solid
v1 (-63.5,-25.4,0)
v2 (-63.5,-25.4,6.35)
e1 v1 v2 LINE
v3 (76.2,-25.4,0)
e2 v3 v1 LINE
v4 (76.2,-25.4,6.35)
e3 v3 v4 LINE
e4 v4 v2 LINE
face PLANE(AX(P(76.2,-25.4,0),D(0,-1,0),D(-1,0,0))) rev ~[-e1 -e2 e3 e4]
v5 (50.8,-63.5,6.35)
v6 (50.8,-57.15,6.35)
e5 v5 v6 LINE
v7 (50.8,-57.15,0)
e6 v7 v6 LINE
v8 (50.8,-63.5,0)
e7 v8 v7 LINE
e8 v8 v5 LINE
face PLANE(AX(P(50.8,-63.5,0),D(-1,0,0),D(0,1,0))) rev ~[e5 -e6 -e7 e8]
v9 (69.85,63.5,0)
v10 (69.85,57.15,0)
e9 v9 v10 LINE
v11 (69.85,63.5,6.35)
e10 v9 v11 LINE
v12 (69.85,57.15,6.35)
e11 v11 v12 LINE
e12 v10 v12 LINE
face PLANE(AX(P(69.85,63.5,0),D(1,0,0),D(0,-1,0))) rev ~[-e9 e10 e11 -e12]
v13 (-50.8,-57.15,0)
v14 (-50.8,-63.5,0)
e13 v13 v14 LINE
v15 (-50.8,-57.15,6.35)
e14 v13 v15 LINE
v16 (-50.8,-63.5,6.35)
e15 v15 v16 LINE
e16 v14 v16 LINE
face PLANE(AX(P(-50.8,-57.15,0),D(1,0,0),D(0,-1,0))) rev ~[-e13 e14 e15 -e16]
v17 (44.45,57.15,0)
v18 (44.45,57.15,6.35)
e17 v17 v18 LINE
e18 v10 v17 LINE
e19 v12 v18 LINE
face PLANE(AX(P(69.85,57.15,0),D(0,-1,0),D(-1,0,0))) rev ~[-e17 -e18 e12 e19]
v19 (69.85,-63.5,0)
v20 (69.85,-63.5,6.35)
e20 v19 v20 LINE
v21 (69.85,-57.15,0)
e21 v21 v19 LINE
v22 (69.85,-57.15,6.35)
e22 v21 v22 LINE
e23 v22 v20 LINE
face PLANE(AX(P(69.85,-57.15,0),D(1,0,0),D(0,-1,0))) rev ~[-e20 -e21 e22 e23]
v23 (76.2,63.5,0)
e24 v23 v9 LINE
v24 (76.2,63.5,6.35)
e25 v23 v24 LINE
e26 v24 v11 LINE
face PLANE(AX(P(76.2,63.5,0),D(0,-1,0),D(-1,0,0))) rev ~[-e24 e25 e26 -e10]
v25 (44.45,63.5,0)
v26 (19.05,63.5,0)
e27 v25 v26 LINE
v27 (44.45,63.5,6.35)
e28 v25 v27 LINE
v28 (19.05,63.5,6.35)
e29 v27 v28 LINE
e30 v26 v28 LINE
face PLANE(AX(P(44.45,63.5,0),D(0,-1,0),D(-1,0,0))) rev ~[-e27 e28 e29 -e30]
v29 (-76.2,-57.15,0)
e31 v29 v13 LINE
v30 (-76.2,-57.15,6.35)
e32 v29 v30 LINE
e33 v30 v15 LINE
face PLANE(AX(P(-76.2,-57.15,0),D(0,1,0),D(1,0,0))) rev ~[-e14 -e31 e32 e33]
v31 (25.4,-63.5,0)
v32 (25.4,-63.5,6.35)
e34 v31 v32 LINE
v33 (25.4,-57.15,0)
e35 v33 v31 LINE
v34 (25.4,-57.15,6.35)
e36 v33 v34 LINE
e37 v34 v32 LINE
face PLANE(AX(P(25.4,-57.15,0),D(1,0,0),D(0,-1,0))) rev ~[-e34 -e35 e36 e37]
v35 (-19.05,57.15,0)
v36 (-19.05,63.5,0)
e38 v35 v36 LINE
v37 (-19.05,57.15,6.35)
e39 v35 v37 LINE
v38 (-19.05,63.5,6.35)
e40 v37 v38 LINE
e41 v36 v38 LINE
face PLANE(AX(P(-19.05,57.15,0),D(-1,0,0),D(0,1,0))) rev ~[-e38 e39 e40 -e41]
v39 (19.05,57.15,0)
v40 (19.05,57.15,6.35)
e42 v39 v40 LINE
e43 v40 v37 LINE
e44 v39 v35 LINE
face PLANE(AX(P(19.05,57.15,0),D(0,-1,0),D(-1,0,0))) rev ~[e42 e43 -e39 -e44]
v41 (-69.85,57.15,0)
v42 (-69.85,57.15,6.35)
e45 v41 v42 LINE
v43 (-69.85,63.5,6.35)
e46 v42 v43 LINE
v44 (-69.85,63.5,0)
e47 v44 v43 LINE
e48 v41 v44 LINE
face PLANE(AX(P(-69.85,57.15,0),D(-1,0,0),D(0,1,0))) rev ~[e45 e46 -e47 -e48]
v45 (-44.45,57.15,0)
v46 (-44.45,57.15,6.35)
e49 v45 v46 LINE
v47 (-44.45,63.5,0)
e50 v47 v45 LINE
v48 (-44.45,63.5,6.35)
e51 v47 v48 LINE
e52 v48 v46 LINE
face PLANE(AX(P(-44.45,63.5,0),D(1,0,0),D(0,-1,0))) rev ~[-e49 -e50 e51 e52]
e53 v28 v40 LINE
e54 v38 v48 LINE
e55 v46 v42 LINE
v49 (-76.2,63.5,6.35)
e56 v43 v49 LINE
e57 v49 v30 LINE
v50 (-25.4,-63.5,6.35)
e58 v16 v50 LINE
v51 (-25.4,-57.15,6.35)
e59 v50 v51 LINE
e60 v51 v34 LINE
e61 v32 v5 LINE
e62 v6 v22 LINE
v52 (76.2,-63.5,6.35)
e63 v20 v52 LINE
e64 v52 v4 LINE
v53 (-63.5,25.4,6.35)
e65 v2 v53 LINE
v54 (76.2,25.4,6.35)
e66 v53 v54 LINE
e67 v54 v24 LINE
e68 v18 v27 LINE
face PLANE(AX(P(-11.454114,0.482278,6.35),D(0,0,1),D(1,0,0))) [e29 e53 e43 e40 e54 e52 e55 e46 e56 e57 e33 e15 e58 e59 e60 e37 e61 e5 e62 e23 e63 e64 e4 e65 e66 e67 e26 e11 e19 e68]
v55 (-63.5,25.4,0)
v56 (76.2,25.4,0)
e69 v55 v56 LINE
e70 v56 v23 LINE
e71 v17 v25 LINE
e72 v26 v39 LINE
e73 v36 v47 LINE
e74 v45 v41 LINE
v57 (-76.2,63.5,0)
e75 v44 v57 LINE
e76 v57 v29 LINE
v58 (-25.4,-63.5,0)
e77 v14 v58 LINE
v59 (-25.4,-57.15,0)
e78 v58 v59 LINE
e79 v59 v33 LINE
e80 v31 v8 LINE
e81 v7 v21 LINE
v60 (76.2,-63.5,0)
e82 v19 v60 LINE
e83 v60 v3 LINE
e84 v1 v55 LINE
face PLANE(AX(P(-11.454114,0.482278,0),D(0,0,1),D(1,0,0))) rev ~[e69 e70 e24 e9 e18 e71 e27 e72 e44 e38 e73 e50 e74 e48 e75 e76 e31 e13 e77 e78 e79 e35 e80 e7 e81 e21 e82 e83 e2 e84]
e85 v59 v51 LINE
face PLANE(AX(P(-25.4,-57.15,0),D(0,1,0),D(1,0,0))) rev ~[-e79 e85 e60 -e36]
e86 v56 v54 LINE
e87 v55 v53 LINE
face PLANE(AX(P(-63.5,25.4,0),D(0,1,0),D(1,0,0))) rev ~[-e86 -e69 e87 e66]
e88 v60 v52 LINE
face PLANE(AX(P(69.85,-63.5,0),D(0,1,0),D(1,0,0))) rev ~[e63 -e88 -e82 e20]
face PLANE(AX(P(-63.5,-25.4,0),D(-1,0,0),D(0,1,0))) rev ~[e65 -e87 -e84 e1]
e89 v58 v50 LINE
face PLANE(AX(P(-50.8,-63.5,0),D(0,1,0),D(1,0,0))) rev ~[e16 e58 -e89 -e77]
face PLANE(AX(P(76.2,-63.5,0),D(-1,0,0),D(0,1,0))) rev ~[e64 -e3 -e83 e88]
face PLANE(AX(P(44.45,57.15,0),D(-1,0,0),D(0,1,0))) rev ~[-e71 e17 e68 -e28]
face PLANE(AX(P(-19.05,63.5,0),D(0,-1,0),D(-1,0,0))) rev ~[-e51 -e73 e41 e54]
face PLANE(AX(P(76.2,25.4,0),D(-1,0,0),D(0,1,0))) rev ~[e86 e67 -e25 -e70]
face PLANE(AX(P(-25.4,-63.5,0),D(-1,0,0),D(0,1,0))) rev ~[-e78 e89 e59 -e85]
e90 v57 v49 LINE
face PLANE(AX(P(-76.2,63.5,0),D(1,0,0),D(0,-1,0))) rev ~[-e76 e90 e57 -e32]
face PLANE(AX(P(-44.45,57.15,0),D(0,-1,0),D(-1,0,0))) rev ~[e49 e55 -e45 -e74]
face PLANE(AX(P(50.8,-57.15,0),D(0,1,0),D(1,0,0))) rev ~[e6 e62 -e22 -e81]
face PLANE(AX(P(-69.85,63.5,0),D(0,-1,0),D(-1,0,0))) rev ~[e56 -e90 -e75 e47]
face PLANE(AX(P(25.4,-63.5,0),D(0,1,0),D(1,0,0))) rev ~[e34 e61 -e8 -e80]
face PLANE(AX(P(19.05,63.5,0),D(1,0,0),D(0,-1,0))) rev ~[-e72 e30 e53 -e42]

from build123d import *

# Parameters (mm, degrees)
F0_W     = 6.35
F0_H     = 6.35
F1_DEPTH = 6.35


with BuildPart() as f1:
    # F0 (on Top) → F1 (new body)
    with BuildSketch(Plane.XY):
        Polygon((76.2, 50.8), (76.2, 63.5), (69.85, 63.5), (69.85, 57.15), (63.5, 57.15), (57.15, 57.15), (50.8, 57.15), (44.45, 57.15), (44.45, 63.5), (38.1, 63.5), (31.75, 63.5), (25.4, 63.5), (19.05, 63.5), (19.05, 57.15), (-19.05, 57.15), (-19.05, 63.5), (-25.4, 63.5), (-31.75, 63.5), (-38.1, 63.5), (-44.45, 63.5), (-44.45, 57.15), (-69.85, 57.15), (-69.85, 63.5), (-76.2, 63.5), (-76.2, 50.8), (-76.2, 44.45), (-69.85, 44.45), (-69.85, 38.1), (-76.2, 38.1), (-76.2, 31.75), (-69.85, 31.75), (-69.85, 25.4), (-76.2, 25.4), (-76.2, 19.05), (-69.85, 19.05), (-69.85, 12.7), (-76.2, 12.7), (-76.2, 6.35), (-69.85, 6.35), (-69.85, 0), (-76.2, 0), (-76.2, -6.35), (-69.85, -6.35), (-69.85, -12.7), (-76.2, -12.7), (-76.2, -19.05), (-69.85, -19.05), (-69.85, -25.4), (-76.2, -25.4), (-76.2, -31.75), (-69.85, -31.75), (-69.85, -38.1), (-76.2, -38.1), (-76.2, -44.45), (-69.85, -44.45), (-69.85, -50.8), (-76.2, -50.8), (-76.2, -57.15), (-69.85, -57.15), (-50.8, -57.15), (-50.8, -63.5), (-44.45, -63.5), (-38.1, -63.5), (-31.75, -63.5), (-25.4, -63.5), (-25.4, -57.15), (-19.05, -57.15), (-12.7, -57.15), (-6.35, -57.15), (0, -57.15), (6.35, -57.15), (12.7, -57.15), (19.05, -57.15), (25.4, -57.15), (25.4, -63.5), (31.75, -63.5), (38.1, -63.5), (44.45, -63.5), (50.8, -63.5), (50.8, -57.15), (57.15, -57.15), (69.85, -57.15), (69.85, -63.5), (76.2, -63.5), (76.2, -50.8), (76.2, -44.45), (76.2, -38.1), (76.2, -31.75), (76.2, -25.4), (-63.5, -25.4), (-63.5, 25.4), (76.2, 25.4), (76.2, 31.75), (76.2, 38.1), (76.2, 44.45), align=None)
        with Locations((-73.025, 41.275)):
            Rectangle(F0_W, F0_H)
        with Locations((-73.025, 28.575)):
            Rectangle(F0_W, F0_H)
        with Locations((-73.025, 15.875)):
            Rectangle(F0_W, F0_H)
        with Locations((-73.025, 3.175)):
            Rectangle(F0_W, F0_H)
        with Locations((-73.025, -9.525)):
            Rectangle(F0_W, F0_H)
        with Locations((-73.025, -22.225)):
            Rectangle(F0_W, F0_H)
        with Locations((-73.025, -34.925)):
            Rectangle(F0_W, F0_H)
        with Locations((-73.025, -47.625)):
            Rectangle(F0_W, F0_H)
    extrude(amount=F1_DEPTH)


solid = f1.part
